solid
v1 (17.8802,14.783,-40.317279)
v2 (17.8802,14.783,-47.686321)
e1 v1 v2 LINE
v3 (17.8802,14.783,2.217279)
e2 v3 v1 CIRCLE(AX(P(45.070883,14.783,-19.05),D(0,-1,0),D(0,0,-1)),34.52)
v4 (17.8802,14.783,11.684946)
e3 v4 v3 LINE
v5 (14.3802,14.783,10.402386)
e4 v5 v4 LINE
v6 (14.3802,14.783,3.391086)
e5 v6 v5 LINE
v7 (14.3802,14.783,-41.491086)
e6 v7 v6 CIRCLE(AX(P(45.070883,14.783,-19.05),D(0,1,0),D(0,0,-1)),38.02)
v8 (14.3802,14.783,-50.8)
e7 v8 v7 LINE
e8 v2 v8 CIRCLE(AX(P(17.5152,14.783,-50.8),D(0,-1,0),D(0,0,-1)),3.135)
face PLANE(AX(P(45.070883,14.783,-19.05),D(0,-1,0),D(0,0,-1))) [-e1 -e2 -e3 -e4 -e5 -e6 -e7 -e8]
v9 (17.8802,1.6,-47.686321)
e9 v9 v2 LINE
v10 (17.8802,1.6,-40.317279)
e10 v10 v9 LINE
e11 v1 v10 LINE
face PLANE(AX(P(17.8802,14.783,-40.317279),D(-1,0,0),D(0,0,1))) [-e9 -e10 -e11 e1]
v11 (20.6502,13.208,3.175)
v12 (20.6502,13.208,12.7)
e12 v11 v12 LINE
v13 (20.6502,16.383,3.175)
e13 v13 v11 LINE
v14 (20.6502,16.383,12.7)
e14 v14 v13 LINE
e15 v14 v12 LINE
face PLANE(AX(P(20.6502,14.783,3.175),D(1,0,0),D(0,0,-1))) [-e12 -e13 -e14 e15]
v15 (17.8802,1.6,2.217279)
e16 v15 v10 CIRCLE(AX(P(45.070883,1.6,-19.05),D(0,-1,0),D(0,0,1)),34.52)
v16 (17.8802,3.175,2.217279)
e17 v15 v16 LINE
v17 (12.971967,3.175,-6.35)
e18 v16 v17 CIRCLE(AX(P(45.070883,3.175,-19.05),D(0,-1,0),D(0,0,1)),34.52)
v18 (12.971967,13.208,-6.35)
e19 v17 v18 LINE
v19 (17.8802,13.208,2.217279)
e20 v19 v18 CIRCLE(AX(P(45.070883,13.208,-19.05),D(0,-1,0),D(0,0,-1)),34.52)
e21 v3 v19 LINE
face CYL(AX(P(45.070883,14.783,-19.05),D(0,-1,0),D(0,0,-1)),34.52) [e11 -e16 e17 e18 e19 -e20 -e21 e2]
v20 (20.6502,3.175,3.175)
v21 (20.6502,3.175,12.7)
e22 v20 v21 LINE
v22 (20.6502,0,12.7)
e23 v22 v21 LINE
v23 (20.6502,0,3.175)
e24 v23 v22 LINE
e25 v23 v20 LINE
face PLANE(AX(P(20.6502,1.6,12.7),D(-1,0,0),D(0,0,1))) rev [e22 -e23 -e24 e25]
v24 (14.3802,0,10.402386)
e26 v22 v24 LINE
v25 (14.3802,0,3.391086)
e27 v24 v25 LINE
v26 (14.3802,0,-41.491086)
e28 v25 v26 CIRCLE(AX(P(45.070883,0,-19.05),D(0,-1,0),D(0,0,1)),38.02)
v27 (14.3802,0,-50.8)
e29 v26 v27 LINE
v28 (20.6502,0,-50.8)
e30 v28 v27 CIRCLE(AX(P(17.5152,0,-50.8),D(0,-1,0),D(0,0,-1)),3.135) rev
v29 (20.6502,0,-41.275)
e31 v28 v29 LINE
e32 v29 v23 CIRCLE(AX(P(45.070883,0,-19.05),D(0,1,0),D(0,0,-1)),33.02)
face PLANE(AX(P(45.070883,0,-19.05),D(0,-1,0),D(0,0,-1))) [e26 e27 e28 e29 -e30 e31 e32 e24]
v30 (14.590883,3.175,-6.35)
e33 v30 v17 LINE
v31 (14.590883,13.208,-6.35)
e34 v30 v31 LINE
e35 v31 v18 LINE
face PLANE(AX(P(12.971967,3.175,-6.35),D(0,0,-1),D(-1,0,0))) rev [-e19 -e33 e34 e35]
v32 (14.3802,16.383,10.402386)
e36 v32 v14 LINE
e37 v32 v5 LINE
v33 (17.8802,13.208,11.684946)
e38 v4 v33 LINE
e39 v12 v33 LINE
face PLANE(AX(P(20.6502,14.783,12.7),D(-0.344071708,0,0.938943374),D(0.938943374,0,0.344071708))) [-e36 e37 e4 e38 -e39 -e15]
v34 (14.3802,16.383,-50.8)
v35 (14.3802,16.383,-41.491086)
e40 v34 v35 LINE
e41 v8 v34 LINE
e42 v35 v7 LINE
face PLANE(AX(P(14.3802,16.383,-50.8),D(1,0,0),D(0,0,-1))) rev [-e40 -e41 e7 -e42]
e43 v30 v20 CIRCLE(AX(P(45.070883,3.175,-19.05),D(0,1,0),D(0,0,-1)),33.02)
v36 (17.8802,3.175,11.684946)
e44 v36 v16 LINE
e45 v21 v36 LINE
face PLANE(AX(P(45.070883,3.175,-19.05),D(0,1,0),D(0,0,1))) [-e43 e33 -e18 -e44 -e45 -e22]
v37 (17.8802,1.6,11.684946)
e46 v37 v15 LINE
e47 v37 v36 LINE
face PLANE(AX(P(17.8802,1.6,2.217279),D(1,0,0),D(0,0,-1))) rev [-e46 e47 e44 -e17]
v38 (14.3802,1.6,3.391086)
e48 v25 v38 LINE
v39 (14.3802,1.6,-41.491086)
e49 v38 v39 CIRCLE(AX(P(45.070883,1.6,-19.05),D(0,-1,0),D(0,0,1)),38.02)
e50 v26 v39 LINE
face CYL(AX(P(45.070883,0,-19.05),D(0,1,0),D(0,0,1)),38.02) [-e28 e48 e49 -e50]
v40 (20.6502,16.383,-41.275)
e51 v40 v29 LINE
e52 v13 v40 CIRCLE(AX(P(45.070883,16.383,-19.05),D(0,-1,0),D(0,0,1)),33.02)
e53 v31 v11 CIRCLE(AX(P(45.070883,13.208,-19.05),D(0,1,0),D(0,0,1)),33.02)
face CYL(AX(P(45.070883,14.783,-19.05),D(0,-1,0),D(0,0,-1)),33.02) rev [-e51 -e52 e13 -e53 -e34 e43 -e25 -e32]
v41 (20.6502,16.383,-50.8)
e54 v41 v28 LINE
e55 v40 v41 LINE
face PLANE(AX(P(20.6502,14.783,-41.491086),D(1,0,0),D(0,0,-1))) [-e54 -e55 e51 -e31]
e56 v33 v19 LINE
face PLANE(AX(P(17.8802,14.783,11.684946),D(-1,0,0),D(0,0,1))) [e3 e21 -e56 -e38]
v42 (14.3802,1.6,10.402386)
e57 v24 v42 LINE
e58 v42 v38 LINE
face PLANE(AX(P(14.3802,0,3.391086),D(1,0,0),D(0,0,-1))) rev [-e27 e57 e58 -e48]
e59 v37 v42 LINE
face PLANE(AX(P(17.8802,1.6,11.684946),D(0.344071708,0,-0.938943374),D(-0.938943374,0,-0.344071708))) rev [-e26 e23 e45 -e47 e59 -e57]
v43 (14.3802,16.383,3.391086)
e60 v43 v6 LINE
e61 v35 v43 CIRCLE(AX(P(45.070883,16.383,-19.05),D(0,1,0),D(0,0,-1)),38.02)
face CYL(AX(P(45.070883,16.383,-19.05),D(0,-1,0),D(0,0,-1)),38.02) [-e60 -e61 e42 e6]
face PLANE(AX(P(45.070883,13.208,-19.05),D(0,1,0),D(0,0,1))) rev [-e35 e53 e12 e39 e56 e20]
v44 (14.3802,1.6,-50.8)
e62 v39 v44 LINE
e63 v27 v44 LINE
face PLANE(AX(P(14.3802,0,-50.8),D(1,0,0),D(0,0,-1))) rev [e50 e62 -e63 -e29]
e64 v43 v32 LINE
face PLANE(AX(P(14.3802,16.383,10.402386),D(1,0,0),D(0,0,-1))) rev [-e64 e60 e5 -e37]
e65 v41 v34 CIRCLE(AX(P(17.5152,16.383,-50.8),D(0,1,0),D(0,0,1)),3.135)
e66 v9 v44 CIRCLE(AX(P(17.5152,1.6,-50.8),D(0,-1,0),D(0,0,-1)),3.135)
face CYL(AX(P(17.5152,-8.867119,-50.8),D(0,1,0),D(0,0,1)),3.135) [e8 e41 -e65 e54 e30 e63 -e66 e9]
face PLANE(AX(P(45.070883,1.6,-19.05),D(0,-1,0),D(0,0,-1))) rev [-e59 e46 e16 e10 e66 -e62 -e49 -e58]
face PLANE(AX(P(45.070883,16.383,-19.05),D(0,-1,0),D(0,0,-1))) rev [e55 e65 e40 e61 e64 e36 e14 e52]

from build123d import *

# Parameters (mm, degrees)
BOSS_EXTRU_1_DEPTH = 1.575
BOSS_EXTRU_2_DEPTH = 1.6
BOSS_EXTRU_3_START = 10.033
BOSS_EXTRU_3_DEPTH = 10.033
BOSS_EXTRU_4_START = 1.575
BOSS_EXTRU_4_DEPTH = 1.575
BOSS_EXTRU_5_DEPTH = 9.308913653
BOSS_EXTRU_6_START = 1.6
BOSS_EXTRU_6_DEPTH = 1.6
BOSS_EXTRU_7_START = -16.383
ESQUISSE8_R        = 3.134999997
BOSS_EXTRU_7_DEPTH = 16.383


with BuildPart() as part:
    # Esquisse1 → Boss.-Extru.1 (new body)
    with BuildSketch(Plane.XZ.offset(-13.208)):
        with BuildLine():
            Line((20.6502, 3.175000004), (20.6502, 12.699999997))
            Line((20.6502, 12.699999997), (17.880200006, 11.68494557))
            Line((17.880200006, 11.68494557), (17.880200006, 2.217278617))
            ThreePointArc((17.880200006, 2.217278617), (10.55088334, -19.05), (17.880200006, -40.317278617))
            Line((17.880200006, -40.317278617), (17.880200006, -41.491086347))
            Line((17.880200006, -41.491086347), (20.6502, -41.491086347))
            Line((20.6502, -41.491086347), (20.6502, -41.275000004))
            ThreePointArc((20.6502, -41.275000004), (12.05088334, -19.05), (20.6502, 3.175000004))
        make_face()
    extrude(amount=-BOSS_EXTRU_1_DEPTH)

    # Esquisse2 → Boss.-Extru.2 (add)
    with BuildSketch(Plane(origin=(0, 14.783, 0), x_dir=(-1, 0, 0), z_dir=(0, 1, 0))):
        with BuildLine():
            Line((-14.380200006, -41.491086347), (-20.6502, -41.491086347))
            Line((-20.6502, -41.491086347), (-20.6502, -41.275000004))
            ThreePointArc((-20.6502, -41.275000004), (-12.05088334, -19.05), (-20.6502, 3.175000004))
            Line((-20.6502, 3.175000004), (-20.6502, 12.699999997))
            Line((-20.6502, 12.699999997), (-14.380200006, 10.402385822))
            Line((-14.380200006, 10.402385822), (-14.380200006, 3.391086347))
            ThreePointArc((-14.380200006, 3.391086347), (-7.05088334, -19.05), (-14.380200006, -41.491086347))
        make_face()
    extrude(amount=BOSS_EXTRU_2_DEPTH)

    # Esquisse3 → Boss.-Extru.3 (add)
    with BuildSketch(Plane.XZ.offset(-13.208).offset(BOSS_EXTRU_3_START)):
        with BuildLine():
            Line((12.971967471, -6.35), (14.59088334, -6.35))
            ThreePointArc((14.59088334, -6.35), (12.536898584, -24.69448721), (20.6502, -41.275000003))
            Line((20.6502, -41.275000003), (20.6502, -41.491086346))
            Line((20.6502, -41.491086346), (17.880200006, -41.491086346))
            Line((17.880200006, -41.491086346), (17.880200006, -40.317278616))
            ThreePointArc((17.880200006, -40.317278616), (10.90572349, -23.986826144), (12.971967471, -6.35))
        make_face()
    extrude(amount=-BOSS_EXTRU_3_DEPTH)

    # Esquisse4 → Boss.-Extru.4 (add)
    with BuildSketch(Plane.XZ.offset(-3.175).offset(BOSS_EXTRU_4_START)):
        with BuildLine():
            Line((17.880200006, -41.491086347), (17.880200006, -40.317278617))
            ThreePointArc((17.880200006, -40.317278617), (10.55088334, -19.05), (17.880200006, 2.217278617))
            Line((17.880200006, 2.217278617), (17.880200006, 11.68494557))
            Line((17.880200006, 11.68494557), (20.6502, 12.699999997))
            Line((20.6502, 12.699999997), (20.6502, 3.175000004))
            ThreePointArc((20.6502, 3.175000004), (12.05088334, -19.05), (20.6502, -41.275000004))
            Line((20.6502, -41.275000004), (20.6502, -41.491086347))
            Line((20.6502, -41.491086347), (17.880200006, -41.491086347))
        make_face()
    extrude(amount=-BOSS_EXTRU_4_DEPTH)

    # Esquisse5 → Boss.-Extru.5 (add)
    with BuildSketch(Plane(origin=(0, 0, -41.491086347), x_dir=(-1, 0, 0), z_dir=(0, 0, -1))):
        Polygon((-20.6502, 1.6), (-20.6502, 16.383), (-14.380200006, 16.383), (-14.380200006, 14.783), (-17.880200006, 14.783), (-17.880200006, 1.6), align=None)
    extrude(amount=BOSS_EXTRU_5_DEPTH)

    # Esquisse6 → Boss.-Extru.6 (add)
    with BuildSketch(Plane.XZ.offset(-1.6).offset(BOSS_EXTRU_6_START)):
        with BuildLine():
            Line((20.6502, -41.275000004), (20.6502, -50.8))
            Line((20.6502, -50.8), (14.380200006, -50.8))
            Line((14.380200006, -50.8), (14.380200006, -41.491086347))
            ThreePointArc((14.380200006, -41.491086347), (7.05088334, -19.05), (14.380200006, 3.391086347))
            Line((14.380200006, 3.391086347), (14.380200006, 10.402385822))
            Line((14.380200006, 10.402385822), (20.6502, 12.699999997))
            Line((20.6502, 12.699999997), (20.6502, 3.175000004))
            ThreePointArc((20.6502, 3.175000004), (12.05088334, -19.05), (20.6502, -41.275000004))
        make_face()
    extrude(amount=-BOSS_EXTRU_6_DEPTH)

    # Esquisse8 → Boss.-Extru.7 (add)
    with BuildSketch(Plane(origin=(0, 16.383, 0), x_dir=(1, 0, 0), z_dir=(0, 1, 0)).offset(BOSS_EXTRU_7_START)):
        with Locations((17.515200003, 50.8)):
            Circle(ESQUISSE8_R)
    extrude(amount=BOSS_EXTRU_7_DEPTH)


solid = part.part
